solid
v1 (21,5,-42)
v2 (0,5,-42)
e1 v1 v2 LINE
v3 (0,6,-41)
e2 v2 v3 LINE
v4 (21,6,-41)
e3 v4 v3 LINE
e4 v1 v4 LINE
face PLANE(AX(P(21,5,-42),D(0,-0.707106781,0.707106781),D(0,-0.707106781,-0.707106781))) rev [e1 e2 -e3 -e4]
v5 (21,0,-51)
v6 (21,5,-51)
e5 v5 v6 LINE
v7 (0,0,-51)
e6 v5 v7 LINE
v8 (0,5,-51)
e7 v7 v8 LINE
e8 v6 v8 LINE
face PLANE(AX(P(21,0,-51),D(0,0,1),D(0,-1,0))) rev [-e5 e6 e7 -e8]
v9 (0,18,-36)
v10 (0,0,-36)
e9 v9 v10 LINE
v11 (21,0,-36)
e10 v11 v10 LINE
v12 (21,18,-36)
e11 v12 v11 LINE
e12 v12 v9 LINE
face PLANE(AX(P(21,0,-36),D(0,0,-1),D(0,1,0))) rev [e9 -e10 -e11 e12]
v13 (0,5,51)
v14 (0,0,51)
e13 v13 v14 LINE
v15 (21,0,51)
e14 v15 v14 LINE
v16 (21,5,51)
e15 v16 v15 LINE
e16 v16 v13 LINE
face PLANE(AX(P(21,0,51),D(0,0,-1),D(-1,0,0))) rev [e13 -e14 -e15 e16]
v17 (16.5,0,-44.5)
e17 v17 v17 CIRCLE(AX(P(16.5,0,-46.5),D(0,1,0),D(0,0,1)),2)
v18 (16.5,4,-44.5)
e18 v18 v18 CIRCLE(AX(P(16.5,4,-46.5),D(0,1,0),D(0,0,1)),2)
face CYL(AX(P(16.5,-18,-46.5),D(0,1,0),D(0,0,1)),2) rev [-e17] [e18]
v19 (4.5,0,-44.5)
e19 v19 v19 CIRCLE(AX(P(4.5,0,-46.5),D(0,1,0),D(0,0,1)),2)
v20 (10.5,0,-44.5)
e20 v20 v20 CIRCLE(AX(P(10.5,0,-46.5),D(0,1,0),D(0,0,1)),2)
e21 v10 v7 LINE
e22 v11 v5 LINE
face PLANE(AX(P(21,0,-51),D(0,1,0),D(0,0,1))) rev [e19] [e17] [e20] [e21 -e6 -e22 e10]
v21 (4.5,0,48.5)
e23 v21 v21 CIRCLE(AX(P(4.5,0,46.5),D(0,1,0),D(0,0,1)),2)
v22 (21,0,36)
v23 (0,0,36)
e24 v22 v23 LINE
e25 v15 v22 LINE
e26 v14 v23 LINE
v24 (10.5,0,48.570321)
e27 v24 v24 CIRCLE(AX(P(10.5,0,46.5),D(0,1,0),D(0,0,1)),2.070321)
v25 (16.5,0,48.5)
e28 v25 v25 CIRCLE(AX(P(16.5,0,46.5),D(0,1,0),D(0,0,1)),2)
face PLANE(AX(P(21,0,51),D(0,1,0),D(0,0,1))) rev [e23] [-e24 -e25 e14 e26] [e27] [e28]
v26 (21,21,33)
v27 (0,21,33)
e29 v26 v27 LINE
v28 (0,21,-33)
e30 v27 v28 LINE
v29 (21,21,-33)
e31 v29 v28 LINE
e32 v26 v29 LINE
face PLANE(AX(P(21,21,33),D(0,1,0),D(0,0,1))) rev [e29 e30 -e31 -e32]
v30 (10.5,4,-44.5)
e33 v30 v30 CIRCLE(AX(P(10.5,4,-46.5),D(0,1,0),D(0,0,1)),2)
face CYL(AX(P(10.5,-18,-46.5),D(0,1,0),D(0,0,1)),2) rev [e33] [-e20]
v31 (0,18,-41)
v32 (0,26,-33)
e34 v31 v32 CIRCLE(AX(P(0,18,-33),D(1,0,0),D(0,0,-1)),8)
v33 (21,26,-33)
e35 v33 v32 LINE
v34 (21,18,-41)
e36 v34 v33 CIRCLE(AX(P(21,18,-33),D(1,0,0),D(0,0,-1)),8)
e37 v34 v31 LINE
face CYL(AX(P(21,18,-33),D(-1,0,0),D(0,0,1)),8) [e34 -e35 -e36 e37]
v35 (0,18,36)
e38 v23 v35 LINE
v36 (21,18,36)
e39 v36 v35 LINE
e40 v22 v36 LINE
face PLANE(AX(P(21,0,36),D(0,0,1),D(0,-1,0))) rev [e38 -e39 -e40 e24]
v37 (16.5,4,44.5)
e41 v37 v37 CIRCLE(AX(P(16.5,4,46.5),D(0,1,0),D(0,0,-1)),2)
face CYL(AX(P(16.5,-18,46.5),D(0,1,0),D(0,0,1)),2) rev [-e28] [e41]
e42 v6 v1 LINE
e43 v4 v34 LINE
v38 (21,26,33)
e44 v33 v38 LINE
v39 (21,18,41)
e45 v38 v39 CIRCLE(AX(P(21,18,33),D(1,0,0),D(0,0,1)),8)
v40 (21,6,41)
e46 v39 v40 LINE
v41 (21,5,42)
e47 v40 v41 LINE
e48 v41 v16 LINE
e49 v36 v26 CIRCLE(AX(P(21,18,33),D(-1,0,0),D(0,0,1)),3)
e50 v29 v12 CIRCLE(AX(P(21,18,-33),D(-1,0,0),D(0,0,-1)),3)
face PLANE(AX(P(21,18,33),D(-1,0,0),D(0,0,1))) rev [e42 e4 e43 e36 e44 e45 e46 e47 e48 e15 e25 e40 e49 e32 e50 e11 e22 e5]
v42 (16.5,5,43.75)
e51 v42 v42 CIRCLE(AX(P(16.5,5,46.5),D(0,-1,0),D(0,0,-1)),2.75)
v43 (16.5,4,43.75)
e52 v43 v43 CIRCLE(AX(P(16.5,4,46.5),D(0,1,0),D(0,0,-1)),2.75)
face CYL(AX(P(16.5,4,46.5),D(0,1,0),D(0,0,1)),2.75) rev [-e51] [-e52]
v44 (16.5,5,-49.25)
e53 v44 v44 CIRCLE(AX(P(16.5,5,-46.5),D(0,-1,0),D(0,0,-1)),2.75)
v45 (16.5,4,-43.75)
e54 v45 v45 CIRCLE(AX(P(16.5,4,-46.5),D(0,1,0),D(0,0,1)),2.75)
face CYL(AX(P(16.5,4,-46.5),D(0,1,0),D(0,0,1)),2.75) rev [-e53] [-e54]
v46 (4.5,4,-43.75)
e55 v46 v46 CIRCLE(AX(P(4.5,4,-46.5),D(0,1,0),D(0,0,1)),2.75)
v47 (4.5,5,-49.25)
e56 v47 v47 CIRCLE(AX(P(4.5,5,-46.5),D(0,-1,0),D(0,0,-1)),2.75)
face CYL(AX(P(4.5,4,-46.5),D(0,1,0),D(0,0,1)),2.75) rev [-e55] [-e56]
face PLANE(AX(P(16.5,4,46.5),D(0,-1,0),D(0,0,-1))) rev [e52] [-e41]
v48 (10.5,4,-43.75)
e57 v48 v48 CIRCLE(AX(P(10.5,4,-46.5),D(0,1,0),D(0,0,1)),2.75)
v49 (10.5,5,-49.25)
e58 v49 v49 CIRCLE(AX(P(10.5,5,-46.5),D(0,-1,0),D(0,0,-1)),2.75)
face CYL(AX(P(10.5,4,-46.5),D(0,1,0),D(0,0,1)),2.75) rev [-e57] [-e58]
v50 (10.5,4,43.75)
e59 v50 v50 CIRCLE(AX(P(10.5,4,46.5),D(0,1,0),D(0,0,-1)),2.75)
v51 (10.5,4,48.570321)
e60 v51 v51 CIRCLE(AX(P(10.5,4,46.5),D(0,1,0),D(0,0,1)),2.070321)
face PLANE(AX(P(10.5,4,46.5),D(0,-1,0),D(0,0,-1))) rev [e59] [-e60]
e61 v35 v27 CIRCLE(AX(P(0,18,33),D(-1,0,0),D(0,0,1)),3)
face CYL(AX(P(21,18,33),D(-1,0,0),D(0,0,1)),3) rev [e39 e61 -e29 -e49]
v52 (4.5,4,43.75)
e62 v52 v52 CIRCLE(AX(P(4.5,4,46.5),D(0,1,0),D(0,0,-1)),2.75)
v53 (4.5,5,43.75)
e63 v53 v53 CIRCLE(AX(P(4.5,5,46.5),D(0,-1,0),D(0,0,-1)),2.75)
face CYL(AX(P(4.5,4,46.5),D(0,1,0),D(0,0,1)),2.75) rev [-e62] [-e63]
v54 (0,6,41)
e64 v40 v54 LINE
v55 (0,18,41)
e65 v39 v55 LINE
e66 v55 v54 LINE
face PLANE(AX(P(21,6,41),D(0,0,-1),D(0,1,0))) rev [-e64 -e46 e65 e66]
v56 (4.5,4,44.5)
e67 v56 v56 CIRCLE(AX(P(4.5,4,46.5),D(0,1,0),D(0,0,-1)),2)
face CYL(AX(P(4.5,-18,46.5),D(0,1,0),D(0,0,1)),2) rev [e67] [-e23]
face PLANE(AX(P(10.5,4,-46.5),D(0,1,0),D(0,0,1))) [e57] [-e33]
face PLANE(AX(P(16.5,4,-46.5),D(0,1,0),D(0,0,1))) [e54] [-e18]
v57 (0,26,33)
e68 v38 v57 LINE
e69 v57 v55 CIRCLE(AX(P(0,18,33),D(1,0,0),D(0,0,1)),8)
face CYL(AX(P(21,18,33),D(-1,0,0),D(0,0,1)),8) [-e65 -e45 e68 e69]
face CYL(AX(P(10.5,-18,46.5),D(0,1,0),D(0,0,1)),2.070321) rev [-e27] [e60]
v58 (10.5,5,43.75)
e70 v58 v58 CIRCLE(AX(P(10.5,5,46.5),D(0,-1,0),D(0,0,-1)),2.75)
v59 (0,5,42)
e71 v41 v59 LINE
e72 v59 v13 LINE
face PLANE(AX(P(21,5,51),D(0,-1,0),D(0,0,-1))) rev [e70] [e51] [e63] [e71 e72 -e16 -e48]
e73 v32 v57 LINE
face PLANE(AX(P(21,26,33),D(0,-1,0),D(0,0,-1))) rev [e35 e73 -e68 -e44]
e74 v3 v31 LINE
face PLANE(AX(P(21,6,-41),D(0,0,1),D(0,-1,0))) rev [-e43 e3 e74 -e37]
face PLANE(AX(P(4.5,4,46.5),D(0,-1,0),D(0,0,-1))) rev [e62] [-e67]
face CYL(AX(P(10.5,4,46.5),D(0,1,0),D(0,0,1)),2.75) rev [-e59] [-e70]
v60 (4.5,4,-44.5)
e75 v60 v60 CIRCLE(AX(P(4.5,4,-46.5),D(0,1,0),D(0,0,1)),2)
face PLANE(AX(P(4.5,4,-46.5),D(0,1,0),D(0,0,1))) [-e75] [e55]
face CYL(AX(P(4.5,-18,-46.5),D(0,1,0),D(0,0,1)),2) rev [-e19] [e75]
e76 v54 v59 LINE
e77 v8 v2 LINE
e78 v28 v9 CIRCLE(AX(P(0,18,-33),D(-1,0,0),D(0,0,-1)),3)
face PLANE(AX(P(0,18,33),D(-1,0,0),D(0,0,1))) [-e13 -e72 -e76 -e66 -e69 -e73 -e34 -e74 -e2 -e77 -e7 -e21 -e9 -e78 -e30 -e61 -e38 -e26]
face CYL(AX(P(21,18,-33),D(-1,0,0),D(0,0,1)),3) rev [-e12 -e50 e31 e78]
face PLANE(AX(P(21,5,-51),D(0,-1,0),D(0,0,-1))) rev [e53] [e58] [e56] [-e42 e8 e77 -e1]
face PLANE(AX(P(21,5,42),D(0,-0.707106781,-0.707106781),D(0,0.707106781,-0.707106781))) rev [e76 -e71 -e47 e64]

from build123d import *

# Parameters (mm, degrees)
SALIENTE_EXTRUIR1_DEPTH = 21
CROQUIS2_R              = 2.75
CORTAR_EXTRUIR1_DEPTH   = 22
CROQUIS3_R              = 2
CROQUIS3_R_2            = 2.070321152
CROQUIS3_R_3            = 1.933403805
CORTAR_EXTRUIR3_DEPTH   = 22
CROQUIS5_R              = 1.933403805
CROQUIS5_R_2            = 2.015312249
CORTAR_EXTRUIR4_DEPTH   = 22


with BuildPart() as part:
    # Croquis1 → Saliente-Extruir1 (new body)
    with BuildSketch(Plane(origin=(0, 0, 0), x_dir=(0, 0, -1), z_dir=(1, 0, 0))):
        with BuildLine():
            Line((-51, 0), (-36, 0))
            Line((-36, 0), (-36, 18))
            ThreePointArc((-36, 18), (-35.121320344, 20.121320344), (-33, 21))
            Line((-33, 21), (33, 21))
            ThreePointArc((33, 21), (35.121320344, 20.121320344), (36, 18))
            Line((36, 18), (36, 0))
            Line((36, 0), (51, 0))
            Line((51, 0), (51, 5))
            Line((51, 5), (42, 5))
            Line((42, 5), (41, 6))
            Line((41, 6), (41, 18))
            ThreePointArc((41, 18), (38.656854249, 23.656854249), (33, 26))
            Line((33, 26), (-33, 26))
            ThreePointArc((-33, 26), (-38.656854249, 23.656854249), (-41, 18))
            Line((-41, 18), (-41, 6))
            Line((-41, 6), (-42, 5))
            Line((-42, 5), (-51, 5))
            Line((-51, 5), (-51, 0))
        make_face()
    extrude(amount=SALIENTE_EXTRUIR1_DEPTH)

    # Croquis2 → Cortar-Extruir1 (cut)
    with BuildSketch(Plane(origin=(0, 26, 0), x_dir=(1, 0, 0), z_dir=(0, 1, 0))):
        with Locations(Location((10.5, 46.5, 0), (0, 0, 270))):
            Circle(CROQUIS2_R)
        with Locations(Location((16.5, 46.5, 0), (0, 0, 270))):
            Circle(CROQUIS2_R)
        with Locations(Location((4.5, 46.5, 0), (0, 0, 270))):
            Circle(CROQUIS2_R)
        with Locations(Location((16.5, -46.5, 0), (0, 0, 90))):
            Circle(CROQUIS2_R)
        with Locations(Location((10.5, -46.5, 0), (0, 0, 90))):
            Circle(CROQUIS2_R)
        with Locations(Location((4.5, -46.5, 0), (0, 0, 90))):
            Circle(CROQUIS2_R)
    extrude(amount=-CORTAR_EXTRUIR1_DEPTH, mode=Mode.SUBTRACT)

    # Croquis3 → Cortar-Extruir3 (cut)
    # profile 1 of 6: a face of its own
    with BuildSketch(Plane(origin=(0, 4, 0), x_dir=(1, 0, 0), z_dir=(0, 1, 0))):
        with Locations(Location((4.5, 46.5, 0), (0, 0, 270))):
            Circle(CROQUIS3_R)
    # profile 2 of 6: a face of its own
    with BuildSketch(Plane(origin=(0, 4, 0), x_dir=(1, 0, 0), z_dir=(0, 1, 0))):
        with Locations(Location((10.5, 46.5, 0), (0, 0, 270))):
            Circle(CROQUIS3_R)
    # profile 3 of 6: a face of its own
    with BuildSketch(Plane(origin=(0, 4, 0), x_dir=(1, 0, 0), z_dir=(0, 1, 0))):
        with Locations(Location((16.5, 46.5, 0), (0, 0, 270))):
            Circle(CROQUIS3_R)
    # profile 4 of 6: a face of its own
    with BuildSketch(Plane(origin=(0, 4, 0), x_dir=(1, 0, 0), z_dir=(0, 1, 0))):
        with Locations(Location((10.5, -46.5, 0), (0, 0, 270))):
            Circle(CROQUIS3_R_2)
        with Locations(Location((10.5, -46.5, 0), (0, 0, 270))):
            Circle(CROQUIS3_R, mode=Mode.SUBTRACT)
    # profile 5 of 6: a face of its own
    with BuildSketch(Plane(origin=(0, 4, 0), x_dir=(1, 0, 0), z_dir=(0, 1, 0))):
        with Locations(Location((16.5, -46.5, 0), (0, 0, 270))):
            Circle(CROQUIS3_R)
        with Locations(Location((16.5, -46.5, 0), (0, 0, 270))):
            Circle(CROQUIS3_R_3, mode=Mode.SUBTRACT)
    # profile 6 of 6: a face of its own
    with BuildSketch(Plane(origin=(0, 4, 0), x_dir=(1, 0, 0), z_dir=(0, 1, 0))):
        with Locations(Location((4.5, -46.5, 0), (0, 0, 270))):
            Circle(CROQUIS3_R)
        with Locations(Location((4.5, -46.5, 0), (0, 0, 270))):
            Circle(CROQUIS3_R_3, mode=Mode.SUBTRACT)
    extrude(amount=-CORTAR_EXTRUIR3_DEPTH, mode=Mode.SUBTRACT)


with BuildPart() as cortar_extruir3_piece_1:
    # of the separate pieces the step leaves, piece 1, a body of its own (cortar_extruir3_pieces)
    add(part.part.solids().sort_by_distance((0, 18, 41))[0])


with BuildPart() as cortar_extruir3_piece_2:
    # of the separate pieces the step leaves, piece 2, a body of its own (cortar_extruir3_pieces)
    add(part.part.solids().sort_by_distance((10.5, 0, 48.5))[0])


with BuildPart() as cortar_extruir3_piece_3:
    # of the separate pieces the step leaves, piece 3, a body of its own (cortar_extruir3_pieces)
    add(part.part.solids().sort_by_distance((4.5, 0, 48.433403805))[0])


with BuildPart() as cortar_extruir3_piece_4:
    # of the separate pieces the step leaves, piece 4, a body of its own (cortar_extruir3_pieces)
    add(part.part.solids().sort_by_distance((16.5, 0, 48.433403805))[0])


with BuildPart() as cortar_extruir4_tool:
    # Croquis5 → Cortar-Extruir4 (new body)
    with BuildSketch(Plane(origin=(0, 4, 0), x_dir=(1, 0, 0), z_dir=(0, 1, 0))):
        with Locations((4.5, -46.5)):
            Circle(CROQUIS5_R)
        with Locations((10.5, -46.5)):
            Circle(CROQUIS5_R_2)
        with Locations((16.5, -46.5)):
            Circle(CROQUIS5_R)
    extrude(amount=-CORTAR_EXTRUIR4_DEPTH)


with BuildPart() as cortar_extruir3_piece_2_1:
    add(cortar_extruir3_piece_2.part)

    # Cortar-Extruir4: cut by cortar_extruir4_tool
    add(cortar_extruir4_tool.part, mode=Mode.SUBTRACT)


with BuildPart() as cortar_extruir3_piece_3_1:
    add(cortar_extruir3_piece_3.part)

    # Cortar-Extruir4: cut by cortar_extruir4_tool
    add(cortar_extruir4_tool.part, mode=Mode.SUBTRACT)


with BuildPart() as cortar_extruir3_piece_4_1:
    add(cortar_extruir3_piece_4.part)

    # Cortar-Extruir4: cut by cortar_extruir4_tool
    add(cortar_extruir4_tool.part, mode=Mode.SUBTRACT)


solid = cortar_extruir3_piece_1.part
